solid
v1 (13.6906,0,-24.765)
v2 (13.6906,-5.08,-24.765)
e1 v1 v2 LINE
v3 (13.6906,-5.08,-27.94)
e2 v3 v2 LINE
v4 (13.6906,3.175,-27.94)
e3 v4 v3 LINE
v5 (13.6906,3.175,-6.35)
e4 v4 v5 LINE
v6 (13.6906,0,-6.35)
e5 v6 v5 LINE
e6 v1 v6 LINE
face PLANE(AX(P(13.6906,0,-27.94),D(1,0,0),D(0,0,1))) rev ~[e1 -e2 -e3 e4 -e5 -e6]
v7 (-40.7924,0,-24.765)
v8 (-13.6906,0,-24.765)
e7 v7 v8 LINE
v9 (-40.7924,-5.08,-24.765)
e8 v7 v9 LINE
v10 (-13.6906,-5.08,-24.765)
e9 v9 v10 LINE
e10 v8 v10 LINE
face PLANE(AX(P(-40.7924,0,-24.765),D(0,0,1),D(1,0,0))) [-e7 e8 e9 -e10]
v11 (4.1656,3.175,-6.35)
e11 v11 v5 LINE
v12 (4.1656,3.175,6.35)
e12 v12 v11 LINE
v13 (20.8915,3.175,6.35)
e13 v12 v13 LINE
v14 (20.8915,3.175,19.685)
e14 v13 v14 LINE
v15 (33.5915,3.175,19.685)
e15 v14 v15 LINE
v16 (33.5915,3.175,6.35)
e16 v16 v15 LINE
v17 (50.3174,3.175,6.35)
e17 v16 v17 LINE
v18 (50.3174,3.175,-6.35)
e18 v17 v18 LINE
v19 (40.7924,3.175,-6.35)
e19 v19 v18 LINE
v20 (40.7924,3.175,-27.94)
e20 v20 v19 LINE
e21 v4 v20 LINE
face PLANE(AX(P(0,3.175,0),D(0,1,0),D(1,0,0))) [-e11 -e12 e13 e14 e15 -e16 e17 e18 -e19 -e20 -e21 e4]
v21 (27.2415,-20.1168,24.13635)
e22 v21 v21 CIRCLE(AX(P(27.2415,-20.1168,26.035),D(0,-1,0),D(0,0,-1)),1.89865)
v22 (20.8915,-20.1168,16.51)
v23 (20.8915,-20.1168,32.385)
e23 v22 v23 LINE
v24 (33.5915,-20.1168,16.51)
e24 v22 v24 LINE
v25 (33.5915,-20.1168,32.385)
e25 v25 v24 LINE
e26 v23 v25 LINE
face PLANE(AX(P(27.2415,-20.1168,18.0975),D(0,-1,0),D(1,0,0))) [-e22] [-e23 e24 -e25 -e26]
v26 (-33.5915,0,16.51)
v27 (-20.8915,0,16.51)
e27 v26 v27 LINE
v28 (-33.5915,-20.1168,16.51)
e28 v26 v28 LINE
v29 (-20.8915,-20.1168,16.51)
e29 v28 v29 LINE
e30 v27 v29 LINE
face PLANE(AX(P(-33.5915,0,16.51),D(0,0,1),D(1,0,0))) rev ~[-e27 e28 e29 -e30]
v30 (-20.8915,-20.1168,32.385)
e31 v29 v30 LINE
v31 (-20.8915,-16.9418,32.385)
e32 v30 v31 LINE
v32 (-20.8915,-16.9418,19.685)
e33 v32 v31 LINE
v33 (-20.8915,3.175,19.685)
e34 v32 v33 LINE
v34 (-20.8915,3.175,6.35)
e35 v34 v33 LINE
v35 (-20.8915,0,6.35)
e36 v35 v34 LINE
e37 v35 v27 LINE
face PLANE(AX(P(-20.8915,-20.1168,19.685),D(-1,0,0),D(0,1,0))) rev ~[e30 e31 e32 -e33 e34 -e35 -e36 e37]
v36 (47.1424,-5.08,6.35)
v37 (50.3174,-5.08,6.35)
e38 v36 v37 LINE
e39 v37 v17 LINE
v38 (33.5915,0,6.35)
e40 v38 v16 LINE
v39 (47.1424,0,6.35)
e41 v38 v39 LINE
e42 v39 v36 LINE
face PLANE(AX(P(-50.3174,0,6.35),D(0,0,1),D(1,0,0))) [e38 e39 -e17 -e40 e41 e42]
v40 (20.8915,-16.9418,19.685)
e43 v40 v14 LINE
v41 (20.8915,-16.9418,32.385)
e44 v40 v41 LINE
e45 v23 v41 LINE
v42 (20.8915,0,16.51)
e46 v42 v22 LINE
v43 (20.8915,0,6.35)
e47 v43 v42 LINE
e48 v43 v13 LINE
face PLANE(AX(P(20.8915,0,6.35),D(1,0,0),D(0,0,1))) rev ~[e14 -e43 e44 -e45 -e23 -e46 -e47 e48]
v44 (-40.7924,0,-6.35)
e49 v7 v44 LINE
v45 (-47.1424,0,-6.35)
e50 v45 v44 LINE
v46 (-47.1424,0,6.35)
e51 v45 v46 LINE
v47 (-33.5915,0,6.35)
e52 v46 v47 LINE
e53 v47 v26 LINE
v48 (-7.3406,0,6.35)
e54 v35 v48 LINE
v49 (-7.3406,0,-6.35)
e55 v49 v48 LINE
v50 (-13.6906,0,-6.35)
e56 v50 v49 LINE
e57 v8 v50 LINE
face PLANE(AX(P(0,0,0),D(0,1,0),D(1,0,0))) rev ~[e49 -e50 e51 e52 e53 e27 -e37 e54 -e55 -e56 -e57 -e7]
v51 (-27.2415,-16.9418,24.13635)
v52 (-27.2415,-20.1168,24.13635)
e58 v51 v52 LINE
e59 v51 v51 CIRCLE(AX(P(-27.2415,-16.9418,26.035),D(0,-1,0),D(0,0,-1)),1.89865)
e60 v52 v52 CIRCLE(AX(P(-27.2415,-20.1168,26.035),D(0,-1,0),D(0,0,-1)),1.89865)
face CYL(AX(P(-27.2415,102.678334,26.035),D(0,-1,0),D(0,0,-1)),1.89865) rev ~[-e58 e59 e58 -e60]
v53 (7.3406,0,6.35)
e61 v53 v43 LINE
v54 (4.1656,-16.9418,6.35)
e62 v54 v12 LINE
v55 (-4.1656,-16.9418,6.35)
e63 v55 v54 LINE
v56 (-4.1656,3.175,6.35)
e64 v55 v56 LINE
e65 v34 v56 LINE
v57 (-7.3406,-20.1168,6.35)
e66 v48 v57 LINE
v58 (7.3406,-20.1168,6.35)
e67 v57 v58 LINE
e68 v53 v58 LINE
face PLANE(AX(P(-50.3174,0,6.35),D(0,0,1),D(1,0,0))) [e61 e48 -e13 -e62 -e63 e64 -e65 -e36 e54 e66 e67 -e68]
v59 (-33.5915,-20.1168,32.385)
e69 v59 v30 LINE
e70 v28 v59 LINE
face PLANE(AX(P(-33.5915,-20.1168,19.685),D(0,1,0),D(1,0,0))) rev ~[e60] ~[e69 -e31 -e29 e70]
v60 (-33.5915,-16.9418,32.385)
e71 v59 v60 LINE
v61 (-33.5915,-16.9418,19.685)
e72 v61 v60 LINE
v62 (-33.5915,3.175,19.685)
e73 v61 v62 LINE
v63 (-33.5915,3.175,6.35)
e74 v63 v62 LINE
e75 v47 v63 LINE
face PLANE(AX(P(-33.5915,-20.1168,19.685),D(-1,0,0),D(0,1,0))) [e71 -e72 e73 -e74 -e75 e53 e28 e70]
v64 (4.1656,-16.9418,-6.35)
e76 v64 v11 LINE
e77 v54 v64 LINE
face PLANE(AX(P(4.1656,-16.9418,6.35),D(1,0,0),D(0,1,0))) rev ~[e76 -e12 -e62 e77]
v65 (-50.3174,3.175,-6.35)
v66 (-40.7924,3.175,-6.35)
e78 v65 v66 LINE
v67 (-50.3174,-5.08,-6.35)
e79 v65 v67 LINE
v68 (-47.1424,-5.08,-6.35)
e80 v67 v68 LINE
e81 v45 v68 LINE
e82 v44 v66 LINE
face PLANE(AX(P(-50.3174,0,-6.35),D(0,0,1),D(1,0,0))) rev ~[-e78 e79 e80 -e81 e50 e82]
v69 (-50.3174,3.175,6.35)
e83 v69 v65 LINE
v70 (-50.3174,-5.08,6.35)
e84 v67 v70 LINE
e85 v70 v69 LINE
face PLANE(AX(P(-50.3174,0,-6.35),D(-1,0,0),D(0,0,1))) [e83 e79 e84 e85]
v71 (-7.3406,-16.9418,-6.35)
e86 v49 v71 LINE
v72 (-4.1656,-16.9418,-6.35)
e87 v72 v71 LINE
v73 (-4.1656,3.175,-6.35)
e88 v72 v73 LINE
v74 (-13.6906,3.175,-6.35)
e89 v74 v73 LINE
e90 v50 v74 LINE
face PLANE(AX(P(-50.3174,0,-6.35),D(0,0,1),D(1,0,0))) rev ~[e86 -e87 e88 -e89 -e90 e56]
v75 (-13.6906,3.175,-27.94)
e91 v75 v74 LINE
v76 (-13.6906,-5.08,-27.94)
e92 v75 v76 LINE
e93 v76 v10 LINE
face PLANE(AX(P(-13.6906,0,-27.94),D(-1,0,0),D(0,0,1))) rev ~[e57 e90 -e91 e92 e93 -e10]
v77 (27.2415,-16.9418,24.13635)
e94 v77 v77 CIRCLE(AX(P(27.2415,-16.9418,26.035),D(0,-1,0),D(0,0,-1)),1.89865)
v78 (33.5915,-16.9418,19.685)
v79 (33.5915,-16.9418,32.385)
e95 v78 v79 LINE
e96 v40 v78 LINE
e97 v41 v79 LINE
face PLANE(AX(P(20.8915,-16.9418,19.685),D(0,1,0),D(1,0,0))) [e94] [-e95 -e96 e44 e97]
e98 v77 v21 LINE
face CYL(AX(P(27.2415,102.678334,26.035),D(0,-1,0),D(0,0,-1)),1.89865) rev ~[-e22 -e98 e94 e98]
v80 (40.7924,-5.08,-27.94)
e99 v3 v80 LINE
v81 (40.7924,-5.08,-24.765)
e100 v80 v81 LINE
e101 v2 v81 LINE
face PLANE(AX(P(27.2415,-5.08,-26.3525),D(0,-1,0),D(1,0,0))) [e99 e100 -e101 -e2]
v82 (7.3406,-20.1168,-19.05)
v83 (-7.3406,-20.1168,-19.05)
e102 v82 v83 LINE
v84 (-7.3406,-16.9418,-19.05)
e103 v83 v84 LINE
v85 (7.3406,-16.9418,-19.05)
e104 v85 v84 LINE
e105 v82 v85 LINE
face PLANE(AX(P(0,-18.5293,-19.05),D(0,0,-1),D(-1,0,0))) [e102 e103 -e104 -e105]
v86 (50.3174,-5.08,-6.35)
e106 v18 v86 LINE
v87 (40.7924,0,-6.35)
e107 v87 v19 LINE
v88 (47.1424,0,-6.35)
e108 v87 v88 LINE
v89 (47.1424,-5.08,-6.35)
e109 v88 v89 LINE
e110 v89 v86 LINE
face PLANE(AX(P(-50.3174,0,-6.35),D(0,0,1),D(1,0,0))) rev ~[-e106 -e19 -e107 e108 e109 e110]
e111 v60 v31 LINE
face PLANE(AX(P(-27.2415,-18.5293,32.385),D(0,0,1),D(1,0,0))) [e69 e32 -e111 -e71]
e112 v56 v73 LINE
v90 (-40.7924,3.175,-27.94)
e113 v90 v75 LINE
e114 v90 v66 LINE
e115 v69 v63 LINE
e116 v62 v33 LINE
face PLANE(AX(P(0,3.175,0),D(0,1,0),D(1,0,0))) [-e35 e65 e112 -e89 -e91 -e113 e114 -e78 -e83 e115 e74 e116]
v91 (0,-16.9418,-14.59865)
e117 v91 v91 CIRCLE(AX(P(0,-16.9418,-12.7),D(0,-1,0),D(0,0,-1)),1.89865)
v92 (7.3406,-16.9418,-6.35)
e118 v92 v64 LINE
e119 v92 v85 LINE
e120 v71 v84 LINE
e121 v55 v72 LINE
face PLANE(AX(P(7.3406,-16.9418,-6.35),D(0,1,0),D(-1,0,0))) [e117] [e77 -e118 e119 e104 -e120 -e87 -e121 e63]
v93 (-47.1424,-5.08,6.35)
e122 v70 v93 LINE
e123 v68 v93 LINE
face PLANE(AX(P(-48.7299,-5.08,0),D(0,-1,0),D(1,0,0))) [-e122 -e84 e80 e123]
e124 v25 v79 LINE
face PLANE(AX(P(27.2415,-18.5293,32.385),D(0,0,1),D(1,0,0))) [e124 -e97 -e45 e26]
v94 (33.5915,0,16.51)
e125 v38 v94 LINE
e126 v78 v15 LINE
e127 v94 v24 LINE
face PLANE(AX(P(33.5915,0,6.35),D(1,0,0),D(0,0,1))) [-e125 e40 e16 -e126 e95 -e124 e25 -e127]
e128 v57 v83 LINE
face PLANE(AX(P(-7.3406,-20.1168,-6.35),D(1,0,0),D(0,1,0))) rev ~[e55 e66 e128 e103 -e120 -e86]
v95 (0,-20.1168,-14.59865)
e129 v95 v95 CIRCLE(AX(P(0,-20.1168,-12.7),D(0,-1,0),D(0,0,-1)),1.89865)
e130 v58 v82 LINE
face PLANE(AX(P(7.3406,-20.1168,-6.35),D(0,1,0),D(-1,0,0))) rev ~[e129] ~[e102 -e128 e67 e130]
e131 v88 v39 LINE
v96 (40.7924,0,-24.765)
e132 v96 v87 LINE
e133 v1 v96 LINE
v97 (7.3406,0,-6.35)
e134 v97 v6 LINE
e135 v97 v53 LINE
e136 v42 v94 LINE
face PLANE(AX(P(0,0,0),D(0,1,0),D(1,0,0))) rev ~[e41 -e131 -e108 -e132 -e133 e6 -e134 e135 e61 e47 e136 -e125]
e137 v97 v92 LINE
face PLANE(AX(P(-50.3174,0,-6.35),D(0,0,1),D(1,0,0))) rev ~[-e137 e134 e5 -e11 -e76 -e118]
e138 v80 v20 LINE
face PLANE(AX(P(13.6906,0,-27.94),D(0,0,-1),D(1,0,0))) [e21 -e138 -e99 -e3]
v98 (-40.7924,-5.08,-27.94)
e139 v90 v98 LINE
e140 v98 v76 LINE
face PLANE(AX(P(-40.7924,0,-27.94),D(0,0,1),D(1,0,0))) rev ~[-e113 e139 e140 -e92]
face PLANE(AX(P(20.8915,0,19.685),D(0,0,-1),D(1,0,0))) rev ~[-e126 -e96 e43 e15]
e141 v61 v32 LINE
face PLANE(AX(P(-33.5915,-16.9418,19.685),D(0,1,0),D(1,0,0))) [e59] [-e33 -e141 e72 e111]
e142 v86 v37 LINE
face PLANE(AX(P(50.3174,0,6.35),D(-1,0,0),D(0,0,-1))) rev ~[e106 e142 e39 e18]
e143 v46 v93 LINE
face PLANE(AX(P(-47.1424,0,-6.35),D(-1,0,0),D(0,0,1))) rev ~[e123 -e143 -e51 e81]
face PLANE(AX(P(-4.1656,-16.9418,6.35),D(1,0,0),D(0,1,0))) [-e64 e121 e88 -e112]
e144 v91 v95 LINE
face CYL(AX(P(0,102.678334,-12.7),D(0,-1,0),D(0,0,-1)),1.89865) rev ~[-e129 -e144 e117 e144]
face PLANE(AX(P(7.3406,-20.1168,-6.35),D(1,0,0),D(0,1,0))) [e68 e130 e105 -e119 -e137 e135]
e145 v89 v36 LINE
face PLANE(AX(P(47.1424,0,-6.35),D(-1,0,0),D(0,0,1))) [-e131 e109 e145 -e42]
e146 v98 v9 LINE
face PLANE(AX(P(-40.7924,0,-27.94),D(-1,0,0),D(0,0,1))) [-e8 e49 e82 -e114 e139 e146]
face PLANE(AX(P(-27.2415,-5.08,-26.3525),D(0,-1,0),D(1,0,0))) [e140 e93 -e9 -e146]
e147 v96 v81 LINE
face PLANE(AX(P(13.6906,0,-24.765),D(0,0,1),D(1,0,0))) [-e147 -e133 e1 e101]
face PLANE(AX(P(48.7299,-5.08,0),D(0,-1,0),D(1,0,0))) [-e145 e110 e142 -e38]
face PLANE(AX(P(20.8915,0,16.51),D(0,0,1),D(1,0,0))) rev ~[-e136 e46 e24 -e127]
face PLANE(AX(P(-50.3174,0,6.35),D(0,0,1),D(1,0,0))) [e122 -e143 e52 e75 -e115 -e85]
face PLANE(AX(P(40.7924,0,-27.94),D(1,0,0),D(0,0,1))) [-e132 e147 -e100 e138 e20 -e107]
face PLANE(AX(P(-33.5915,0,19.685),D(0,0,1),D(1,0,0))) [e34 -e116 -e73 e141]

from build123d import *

# Parameters (mm, degrees)
SKETCH1_W             = 100.6348
SKETCH1_H             = 12.7
BOSS_EXTRUDE1_DEPTH   = 3.175
SKETCH2_W             = 3.175
SKETCH2_H             = 12.7
BOSS_EXTRUDE2_DEPTH   = 5.08
SKETCH3_W             = 14.6812
SKETCH3_H             = 12.7
BOSS_EXTRUDE3_DEPTH   = 20.1168
SKETCH4_W             = 8.3312
SKETCH4_H             = 20.1168
CUT_EXTRUDE1_DEPTH    = 20.1168
SKETCH5_W             = 27.1018
SKETCH5_H             = 21.59
BOSS_EXTRUDE4_DEPTH   = 3.175
SKETCH6_W             = 27.1018
SKETCH6_H             = 3.175
BOSS_EXTRUDE5_DEPTH   = 5.08
SKETCH7_W             = 12.7
SKETCH7_H             = 13.335
BOSS_EXTRUDE6_DEPTH   = 3.175
SKETCH8_W             = 12.7
SKETCH8_H             = 3.175
BOSS_EXTRUDE7_DEPTH   = 20.1168
SKETCH9_W             = 12.7
SKETCH9_H             = 3.175
BOSS_EXTRUDE8_DEPTH   = 12.7
SKETCH10_W            = 14.6812
SKETCH10_H            = 3.175
BOSS_EXTRUDE9_DEPTH   = 12.7
F_6_CLEARANCE_HOLE1_D = 3.7973


with BuildPart() as part:
    # Sketch1 → Boss-Extrude1 (new body)
    with BuildSketch(Plane(origin=(0, 0, 0), x_dir=(1, 0, 0), z_dir=(0, 1, 0))):
        Rectangle(SKETCH1_W, SKETCH1_H)
    extrude(amount=BOSS_EXTRUDE1_DEPTH)

    # Sketch2 → Boss-Extrude2 (add)
    with BuildSketch(Plane.XZ):
        with Locations((-48.7299, 0)):
            Rectangle(SKETCH2_W, SKETCH2_H)
        with Locations((48.7299, 0)):
            Rectangle(SKETCH2_W, SKETCH2_H)
    extrude(amount=BOSS_EXTRUDE2_DEPTH)

    # Sketch3 → Boss-Extrude3 (add)
    with BuildSketch(Plane.XZ):
        Rectangle(SKETCH3_W, SKETCH3_H)
    extrude(amount=BOSS_EXTRUDE3_DEPTH)

    # Sketch4 → Cut-Extrude1 (cut)
    with BuildSketch(Plane.XY.offset(6.35)):
        with Locations((0, -6.8834)):
            Rectangle(SKETCH4_W, SKETCH4_H)
    extrude(amount=-CUT_EXTRUDE1_DEPTH, mode=Mode.SUBTRACT)

    # Sketch5 → Boss-Extrude4 (add)
    with BuildSketch(Plane.XZ):
        with Locations((-27.2415, -17.145)):
            Rectangle(SKETCH5_W, SKETCH5_H)
        with Locations((27.2415, -17.145)):
            Rectangle(SKETCH5_W, SKETCH5_H)
    extrude(amount=-BOSS_EXTRUDE4_DEPTH)

    # Sketch6 → Boss-Extrude5 (add)
    with BuildSketch(Plane.XZ):
        with Locations((-27.2415, -26.3525)):
            Rectangle(SKETCH6_W, SKETCH6_H)
        with Locations((27.2415, -26.3525)):
            Rectangle(SKETCH6_W, SKETCH6_H)
    extrude(amount=BOSS_EXTRUDE5_DEPTH)

    # Sketch7 → Boss-Extrude6 (add)
    with BuildSketch(Plane.XZ):
        with Locations((-27.2415, 13.0175)):
            Rectangle(SKETCH7_W, SKETCH7_H)
        with Locations((27.2415, 13.0175)):
            Rectangle(SKETCH7_W, SKETCH7_H)
    extrude(amount=-BOSS_EXTRUDE6_DEPTH)

    # Sketch8 → Boss-Extrude7 (add)
    with BuildSketch(Plane.XZ):
        with Locations((-27.2415, 18.0975)):
            Rectangle(SKETCH8_W, SKETCH8_H)
        with Locations((27.2415, 18.0975)):
            Rectangle(SKETCH8_W, SKETCH8_H)
    extrude(amount=BOSS_EXTRUDE7_DEPTH)

    # Sketch9 → Boss-Extrude8 (add)
    with BuildSketch(Plane.XY.offset(19.685)):
        with Locations((-27.2415, -18.5293)):
            Rectangle(SKETCH9_W, SKETCH9_H)
        with Locations((27.2415, -18.5293)):
            Rectangle(SKETCH9_W, SKETCH9_H)
    extrude(amount=BOSS_EXTRUDE8_DEPTH)

    # Sketch10 → Boss-Extrude9 (add)
    with BuildSketch(Plane(origin=(0, 0, -6.35), x_dir=(-1, 0, 0), z_dir=(0, 0, -1))):
        with Locations((0, -18.5293)):
            Rectangle(SKETCH10_W, SKETCH10_H)
    extrude(amount=BOSS_EXTRUDE9_DEPTH)

    # #6 Clearance Hole1 (through all)
    with Locations(Plane(origin=(0, -16.9418, -12.7), x_dir=(0, 0, 1), z_dir=(0, 1, 0))):
        with Locations((0, 0), (38.735, -27.2415), (38.735, 27.2415)):
            Hole(F_6_CLEARANCE_HOLE1_D / 2)


solid = part.part
